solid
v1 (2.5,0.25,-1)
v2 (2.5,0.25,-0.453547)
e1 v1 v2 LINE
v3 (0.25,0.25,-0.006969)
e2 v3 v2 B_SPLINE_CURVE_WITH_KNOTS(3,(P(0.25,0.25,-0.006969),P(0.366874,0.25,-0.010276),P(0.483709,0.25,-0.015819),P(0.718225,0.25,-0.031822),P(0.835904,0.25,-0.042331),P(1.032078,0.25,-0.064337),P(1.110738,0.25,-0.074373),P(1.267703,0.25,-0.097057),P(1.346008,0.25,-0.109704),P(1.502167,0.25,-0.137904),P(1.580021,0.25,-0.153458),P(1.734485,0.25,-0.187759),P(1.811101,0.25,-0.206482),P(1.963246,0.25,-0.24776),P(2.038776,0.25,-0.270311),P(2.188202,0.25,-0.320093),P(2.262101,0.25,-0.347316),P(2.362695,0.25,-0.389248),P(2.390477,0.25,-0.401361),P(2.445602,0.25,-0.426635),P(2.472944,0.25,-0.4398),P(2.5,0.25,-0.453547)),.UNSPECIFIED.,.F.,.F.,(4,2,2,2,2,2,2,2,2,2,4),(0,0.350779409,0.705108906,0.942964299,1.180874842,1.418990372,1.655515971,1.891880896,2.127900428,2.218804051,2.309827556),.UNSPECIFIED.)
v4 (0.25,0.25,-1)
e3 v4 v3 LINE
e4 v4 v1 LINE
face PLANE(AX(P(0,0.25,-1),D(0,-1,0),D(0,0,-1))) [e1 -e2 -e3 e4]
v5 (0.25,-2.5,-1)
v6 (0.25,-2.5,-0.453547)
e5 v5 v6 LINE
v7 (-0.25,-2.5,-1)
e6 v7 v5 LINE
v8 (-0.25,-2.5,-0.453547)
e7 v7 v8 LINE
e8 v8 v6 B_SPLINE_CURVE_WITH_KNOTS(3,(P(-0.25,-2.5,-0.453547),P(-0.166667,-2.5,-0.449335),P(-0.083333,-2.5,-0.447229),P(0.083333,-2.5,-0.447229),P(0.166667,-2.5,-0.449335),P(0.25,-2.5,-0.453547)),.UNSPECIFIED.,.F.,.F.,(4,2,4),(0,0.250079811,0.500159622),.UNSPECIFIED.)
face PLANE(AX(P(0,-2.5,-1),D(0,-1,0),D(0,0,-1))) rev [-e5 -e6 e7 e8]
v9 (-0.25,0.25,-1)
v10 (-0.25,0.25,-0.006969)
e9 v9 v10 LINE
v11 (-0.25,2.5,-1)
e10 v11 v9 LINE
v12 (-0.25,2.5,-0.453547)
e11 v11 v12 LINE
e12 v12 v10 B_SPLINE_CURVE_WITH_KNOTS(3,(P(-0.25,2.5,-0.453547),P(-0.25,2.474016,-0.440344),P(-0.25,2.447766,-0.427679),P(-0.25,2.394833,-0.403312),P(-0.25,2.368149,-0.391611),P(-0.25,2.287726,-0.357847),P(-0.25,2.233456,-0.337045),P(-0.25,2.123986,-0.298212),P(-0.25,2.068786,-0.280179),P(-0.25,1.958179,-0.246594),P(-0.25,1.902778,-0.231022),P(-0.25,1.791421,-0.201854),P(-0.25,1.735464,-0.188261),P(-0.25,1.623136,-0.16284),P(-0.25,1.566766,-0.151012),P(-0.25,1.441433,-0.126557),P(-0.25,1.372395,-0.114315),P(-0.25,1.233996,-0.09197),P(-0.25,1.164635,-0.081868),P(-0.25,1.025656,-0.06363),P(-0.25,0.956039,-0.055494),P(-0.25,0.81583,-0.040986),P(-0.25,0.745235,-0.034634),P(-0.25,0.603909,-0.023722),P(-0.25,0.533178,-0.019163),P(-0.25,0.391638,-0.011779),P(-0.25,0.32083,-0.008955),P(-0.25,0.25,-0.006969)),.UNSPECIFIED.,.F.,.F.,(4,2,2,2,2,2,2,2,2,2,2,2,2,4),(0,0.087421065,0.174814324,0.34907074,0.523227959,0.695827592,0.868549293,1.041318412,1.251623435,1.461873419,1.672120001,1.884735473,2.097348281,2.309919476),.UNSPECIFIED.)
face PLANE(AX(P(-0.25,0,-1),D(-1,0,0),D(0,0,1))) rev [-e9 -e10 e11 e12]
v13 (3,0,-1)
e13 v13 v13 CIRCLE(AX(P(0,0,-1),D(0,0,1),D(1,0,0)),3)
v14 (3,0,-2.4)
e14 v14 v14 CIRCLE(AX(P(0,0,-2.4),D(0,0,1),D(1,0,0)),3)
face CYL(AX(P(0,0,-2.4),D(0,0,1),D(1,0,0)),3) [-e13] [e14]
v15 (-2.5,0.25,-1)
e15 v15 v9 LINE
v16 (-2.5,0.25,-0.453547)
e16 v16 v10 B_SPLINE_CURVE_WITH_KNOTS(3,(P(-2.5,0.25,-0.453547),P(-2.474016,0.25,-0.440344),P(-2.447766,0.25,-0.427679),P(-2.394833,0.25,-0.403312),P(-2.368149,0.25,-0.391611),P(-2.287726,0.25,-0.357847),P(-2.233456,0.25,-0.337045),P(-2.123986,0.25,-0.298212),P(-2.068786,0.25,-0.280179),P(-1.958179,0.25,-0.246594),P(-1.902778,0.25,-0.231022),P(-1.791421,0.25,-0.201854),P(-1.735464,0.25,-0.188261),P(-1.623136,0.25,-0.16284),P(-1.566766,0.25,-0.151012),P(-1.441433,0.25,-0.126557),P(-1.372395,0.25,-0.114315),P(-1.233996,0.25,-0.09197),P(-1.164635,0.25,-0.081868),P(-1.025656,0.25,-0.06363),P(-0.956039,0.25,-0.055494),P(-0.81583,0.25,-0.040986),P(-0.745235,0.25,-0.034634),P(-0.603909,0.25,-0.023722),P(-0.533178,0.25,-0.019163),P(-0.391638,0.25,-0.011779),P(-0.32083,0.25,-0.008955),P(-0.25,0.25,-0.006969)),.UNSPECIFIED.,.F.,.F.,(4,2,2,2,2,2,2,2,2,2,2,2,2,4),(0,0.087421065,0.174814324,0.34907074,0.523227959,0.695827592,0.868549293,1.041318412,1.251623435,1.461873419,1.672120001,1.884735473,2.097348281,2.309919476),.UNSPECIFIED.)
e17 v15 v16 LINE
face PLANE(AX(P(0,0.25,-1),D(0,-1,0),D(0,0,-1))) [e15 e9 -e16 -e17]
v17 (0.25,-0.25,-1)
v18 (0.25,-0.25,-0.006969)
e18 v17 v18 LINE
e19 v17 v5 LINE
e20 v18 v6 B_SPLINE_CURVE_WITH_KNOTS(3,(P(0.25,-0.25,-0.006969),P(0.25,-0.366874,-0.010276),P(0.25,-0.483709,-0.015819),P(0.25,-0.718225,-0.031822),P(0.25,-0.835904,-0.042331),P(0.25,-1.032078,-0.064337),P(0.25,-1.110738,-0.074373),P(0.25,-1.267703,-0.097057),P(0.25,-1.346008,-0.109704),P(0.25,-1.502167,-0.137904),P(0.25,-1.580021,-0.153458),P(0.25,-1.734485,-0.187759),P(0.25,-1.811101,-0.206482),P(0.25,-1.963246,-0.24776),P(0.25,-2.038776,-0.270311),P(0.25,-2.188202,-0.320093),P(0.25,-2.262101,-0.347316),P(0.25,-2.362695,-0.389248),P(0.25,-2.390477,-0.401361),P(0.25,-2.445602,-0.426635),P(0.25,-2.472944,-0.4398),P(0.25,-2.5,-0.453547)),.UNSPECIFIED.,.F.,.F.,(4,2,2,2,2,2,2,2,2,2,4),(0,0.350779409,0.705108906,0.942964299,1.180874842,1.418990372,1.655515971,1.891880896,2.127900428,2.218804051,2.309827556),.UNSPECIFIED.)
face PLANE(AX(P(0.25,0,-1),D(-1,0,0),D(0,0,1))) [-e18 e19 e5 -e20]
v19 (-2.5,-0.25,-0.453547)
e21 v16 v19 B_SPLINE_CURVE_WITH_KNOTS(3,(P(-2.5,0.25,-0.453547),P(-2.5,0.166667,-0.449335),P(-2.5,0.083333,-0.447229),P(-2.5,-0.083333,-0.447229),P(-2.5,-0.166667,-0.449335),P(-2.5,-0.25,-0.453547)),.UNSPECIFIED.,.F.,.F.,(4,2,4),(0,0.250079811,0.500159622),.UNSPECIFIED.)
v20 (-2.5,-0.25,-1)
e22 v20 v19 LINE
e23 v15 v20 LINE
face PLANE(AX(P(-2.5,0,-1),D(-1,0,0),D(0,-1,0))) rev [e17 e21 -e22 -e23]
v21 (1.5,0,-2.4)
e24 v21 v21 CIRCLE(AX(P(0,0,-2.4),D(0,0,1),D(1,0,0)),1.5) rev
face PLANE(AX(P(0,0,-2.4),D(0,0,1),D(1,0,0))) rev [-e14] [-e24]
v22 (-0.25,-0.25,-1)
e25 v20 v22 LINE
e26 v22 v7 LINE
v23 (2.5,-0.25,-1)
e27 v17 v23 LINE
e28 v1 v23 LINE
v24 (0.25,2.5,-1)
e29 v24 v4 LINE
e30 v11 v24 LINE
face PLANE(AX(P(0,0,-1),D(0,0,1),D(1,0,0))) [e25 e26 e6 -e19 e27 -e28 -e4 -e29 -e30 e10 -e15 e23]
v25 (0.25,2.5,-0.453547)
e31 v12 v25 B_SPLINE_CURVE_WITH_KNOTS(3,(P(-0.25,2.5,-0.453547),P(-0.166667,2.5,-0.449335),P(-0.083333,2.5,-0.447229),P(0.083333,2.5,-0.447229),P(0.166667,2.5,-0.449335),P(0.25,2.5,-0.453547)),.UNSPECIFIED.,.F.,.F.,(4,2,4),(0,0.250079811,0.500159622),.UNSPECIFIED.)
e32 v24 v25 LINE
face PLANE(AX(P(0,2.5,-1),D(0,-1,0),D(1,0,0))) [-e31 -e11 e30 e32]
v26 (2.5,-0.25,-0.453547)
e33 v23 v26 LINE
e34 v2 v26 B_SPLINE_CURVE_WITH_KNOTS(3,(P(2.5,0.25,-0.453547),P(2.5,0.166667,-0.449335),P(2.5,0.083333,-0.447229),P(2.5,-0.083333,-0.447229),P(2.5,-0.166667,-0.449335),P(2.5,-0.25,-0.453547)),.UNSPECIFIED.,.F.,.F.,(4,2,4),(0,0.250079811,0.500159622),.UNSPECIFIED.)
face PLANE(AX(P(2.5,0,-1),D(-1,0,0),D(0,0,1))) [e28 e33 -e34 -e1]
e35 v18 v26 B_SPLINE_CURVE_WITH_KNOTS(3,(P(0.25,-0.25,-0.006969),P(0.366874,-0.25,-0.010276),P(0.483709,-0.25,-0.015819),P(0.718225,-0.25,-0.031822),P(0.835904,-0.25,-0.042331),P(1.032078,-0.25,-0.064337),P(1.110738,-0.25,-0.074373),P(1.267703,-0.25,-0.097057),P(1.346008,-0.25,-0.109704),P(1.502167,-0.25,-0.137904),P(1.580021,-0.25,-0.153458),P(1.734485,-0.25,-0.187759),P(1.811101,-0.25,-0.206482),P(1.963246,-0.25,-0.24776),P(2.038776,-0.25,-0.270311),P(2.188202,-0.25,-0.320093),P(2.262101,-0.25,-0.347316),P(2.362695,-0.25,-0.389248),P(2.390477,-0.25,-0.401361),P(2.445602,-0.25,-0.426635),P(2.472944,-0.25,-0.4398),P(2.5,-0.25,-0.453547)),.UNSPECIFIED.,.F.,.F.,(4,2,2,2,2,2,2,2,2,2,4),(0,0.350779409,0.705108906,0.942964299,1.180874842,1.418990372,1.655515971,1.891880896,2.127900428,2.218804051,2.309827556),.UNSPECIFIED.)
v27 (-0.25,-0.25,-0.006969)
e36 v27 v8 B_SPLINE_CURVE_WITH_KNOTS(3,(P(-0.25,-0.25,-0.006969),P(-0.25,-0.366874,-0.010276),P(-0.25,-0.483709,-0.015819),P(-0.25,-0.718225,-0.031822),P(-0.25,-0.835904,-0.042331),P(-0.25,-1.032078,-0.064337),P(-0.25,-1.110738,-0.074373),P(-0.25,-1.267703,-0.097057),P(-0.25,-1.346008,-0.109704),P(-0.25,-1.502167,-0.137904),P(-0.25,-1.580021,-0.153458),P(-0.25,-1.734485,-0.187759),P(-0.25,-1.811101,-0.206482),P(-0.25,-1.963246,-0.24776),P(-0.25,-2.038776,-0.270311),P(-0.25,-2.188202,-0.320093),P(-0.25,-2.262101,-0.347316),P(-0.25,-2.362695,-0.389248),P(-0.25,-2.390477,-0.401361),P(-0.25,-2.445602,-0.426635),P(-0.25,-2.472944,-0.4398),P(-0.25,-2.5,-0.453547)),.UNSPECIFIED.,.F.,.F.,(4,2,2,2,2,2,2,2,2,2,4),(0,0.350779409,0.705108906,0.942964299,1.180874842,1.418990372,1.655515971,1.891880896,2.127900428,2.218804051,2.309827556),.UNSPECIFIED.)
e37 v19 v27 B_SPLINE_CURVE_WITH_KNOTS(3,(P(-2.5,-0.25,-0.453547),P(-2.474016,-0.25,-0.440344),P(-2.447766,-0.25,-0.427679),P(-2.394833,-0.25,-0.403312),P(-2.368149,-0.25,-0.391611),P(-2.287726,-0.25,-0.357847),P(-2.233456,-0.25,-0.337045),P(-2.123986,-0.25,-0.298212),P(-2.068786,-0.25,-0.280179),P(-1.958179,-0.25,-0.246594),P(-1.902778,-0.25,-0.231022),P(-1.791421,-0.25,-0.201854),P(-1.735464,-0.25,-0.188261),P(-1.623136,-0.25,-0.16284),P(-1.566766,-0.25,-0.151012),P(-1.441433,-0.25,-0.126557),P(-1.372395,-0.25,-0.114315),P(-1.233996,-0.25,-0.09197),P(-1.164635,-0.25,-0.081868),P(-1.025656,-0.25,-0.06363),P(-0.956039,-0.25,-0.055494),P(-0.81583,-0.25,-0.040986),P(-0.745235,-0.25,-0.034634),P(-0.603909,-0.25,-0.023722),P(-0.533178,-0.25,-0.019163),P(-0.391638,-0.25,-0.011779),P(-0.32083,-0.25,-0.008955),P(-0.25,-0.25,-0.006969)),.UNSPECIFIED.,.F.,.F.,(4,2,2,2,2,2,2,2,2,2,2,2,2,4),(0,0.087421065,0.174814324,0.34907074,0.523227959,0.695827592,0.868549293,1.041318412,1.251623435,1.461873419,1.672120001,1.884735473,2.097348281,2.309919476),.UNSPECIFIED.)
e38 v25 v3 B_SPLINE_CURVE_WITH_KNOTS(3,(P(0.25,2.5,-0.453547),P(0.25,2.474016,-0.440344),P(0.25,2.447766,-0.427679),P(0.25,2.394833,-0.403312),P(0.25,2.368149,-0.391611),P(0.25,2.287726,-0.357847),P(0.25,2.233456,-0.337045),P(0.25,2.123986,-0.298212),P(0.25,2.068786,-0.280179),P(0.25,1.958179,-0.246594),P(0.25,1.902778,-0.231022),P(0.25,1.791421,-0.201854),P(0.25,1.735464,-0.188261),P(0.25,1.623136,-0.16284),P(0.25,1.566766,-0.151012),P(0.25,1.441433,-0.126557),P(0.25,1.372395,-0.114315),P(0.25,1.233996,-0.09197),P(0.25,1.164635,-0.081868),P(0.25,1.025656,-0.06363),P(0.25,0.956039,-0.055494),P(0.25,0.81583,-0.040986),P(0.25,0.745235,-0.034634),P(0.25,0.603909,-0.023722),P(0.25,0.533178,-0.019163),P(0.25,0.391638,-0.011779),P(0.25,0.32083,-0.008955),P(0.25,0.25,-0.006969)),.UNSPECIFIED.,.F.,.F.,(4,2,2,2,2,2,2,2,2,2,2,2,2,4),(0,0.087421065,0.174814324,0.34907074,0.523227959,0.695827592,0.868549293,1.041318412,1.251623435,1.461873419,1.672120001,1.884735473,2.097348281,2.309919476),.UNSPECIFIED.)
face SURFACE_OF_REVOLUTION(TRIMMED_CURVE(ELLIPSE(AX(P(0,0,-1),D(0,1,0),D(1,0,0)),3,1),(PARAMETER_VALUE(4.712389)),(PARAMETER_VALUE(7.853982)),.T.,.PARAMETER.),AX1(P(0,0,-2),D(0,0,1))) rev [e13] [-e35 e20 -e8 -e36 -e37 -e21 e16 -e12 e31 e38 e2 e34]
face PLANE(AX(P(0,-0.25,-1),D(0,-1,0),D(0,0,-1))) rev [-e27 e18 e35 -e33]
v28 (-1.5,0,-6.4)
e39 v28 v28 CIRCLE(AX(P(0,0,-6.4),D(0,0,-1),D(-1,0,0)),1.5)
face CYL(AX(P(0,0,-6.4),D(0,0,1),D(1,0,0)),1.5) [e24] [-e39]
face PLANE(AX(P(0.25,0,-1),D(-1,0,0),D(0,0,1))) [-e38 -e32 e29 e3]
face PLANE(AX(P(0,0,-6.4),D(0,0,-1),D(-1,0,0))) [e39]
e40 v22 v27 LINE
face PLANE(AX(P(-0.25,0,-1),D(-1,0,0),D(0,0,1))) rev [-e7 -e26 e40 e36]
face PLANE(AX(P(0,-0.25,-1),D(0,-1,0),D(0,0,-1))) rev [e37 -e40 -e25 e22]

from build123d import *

# Parameters (mm, degrees)
BOSS_EXTRUDE3_START = -1
SKETCH1_R           = 3
BOSS_EXTRUDE3_DEPTH = 1.4
DOME1_FACE_RADIUS   = 3
DOME1_HEIGHT        = 1
SKETCH4_R           = 1.5
BOSS_EXTRUDE4_DEPTH = 4
CUT_EXTRUDE1_DEPTH  = 1


with BuildPart() as part:
    # Sketch1 → Boss-Extrude3 (new body)
    with BuildSketch(Plane.XY.offset(BOSS_EXTRUDE3_START)):
        Circle(SKETCH1_R)
    extrude(amount=-BOSS_EXTRUDE3_DEPTH)

    # Dome1: an elliptical dome of height H over a round flat face of radius A is half a spheroid: the quarter ellipse of half axes A and H revolved about the face's axis
    with BuildSketch(Plane((0, 0, -1), x_dir=(0, 1, 0), z_dir=(1, 0, 0)), mode=Mode.PRIVATE) as dome1_quarter:
        Ellipse(DOME1_FACE_RADIUS, DOME1_HEIGHT)
        Rectangle(DOME1_FACE_RADIUS, DOME1_HEIGHT, align=(Align.MIN, Align.MIN), mode=Mode.INTERSECT)
    revolve(dome1_quarter.sketch, axis=Axis((0, 0, -1), (0, 0, 1)))

    # Sketch4 → Boss-Extrude4 (add)
    with BuildSketch(Plane(origin=(0, 0, -2.4), x_dir=(-1, 0, 0), z_dir=(0, 0, -1))):
        Circle(SKETCH4_R)
    extrude(amount=BOSS_EXTRUDE4_DEPTH)

    # Sketch5 → Cut-Extrude1 (cut)
    with BuildSketch(Plane.XY):
        Polygon((0.25, 2.5), (-0.25, 2.5), (-0.25, 0.25), (-2.5, 0.25), (-2.5, -0.25), (-0.25, -0.25), (-0.25, -2.5), (0.25, -2.5), (0.25, -0.25), (2.5, -0.25), (2.5, 0.25), (0.25, 0.25), align=None)
    extrude(amount=-CUT_EXTRUDE1_DEPTH, mode=Mode.SUBTRACT)


solid = part.part
